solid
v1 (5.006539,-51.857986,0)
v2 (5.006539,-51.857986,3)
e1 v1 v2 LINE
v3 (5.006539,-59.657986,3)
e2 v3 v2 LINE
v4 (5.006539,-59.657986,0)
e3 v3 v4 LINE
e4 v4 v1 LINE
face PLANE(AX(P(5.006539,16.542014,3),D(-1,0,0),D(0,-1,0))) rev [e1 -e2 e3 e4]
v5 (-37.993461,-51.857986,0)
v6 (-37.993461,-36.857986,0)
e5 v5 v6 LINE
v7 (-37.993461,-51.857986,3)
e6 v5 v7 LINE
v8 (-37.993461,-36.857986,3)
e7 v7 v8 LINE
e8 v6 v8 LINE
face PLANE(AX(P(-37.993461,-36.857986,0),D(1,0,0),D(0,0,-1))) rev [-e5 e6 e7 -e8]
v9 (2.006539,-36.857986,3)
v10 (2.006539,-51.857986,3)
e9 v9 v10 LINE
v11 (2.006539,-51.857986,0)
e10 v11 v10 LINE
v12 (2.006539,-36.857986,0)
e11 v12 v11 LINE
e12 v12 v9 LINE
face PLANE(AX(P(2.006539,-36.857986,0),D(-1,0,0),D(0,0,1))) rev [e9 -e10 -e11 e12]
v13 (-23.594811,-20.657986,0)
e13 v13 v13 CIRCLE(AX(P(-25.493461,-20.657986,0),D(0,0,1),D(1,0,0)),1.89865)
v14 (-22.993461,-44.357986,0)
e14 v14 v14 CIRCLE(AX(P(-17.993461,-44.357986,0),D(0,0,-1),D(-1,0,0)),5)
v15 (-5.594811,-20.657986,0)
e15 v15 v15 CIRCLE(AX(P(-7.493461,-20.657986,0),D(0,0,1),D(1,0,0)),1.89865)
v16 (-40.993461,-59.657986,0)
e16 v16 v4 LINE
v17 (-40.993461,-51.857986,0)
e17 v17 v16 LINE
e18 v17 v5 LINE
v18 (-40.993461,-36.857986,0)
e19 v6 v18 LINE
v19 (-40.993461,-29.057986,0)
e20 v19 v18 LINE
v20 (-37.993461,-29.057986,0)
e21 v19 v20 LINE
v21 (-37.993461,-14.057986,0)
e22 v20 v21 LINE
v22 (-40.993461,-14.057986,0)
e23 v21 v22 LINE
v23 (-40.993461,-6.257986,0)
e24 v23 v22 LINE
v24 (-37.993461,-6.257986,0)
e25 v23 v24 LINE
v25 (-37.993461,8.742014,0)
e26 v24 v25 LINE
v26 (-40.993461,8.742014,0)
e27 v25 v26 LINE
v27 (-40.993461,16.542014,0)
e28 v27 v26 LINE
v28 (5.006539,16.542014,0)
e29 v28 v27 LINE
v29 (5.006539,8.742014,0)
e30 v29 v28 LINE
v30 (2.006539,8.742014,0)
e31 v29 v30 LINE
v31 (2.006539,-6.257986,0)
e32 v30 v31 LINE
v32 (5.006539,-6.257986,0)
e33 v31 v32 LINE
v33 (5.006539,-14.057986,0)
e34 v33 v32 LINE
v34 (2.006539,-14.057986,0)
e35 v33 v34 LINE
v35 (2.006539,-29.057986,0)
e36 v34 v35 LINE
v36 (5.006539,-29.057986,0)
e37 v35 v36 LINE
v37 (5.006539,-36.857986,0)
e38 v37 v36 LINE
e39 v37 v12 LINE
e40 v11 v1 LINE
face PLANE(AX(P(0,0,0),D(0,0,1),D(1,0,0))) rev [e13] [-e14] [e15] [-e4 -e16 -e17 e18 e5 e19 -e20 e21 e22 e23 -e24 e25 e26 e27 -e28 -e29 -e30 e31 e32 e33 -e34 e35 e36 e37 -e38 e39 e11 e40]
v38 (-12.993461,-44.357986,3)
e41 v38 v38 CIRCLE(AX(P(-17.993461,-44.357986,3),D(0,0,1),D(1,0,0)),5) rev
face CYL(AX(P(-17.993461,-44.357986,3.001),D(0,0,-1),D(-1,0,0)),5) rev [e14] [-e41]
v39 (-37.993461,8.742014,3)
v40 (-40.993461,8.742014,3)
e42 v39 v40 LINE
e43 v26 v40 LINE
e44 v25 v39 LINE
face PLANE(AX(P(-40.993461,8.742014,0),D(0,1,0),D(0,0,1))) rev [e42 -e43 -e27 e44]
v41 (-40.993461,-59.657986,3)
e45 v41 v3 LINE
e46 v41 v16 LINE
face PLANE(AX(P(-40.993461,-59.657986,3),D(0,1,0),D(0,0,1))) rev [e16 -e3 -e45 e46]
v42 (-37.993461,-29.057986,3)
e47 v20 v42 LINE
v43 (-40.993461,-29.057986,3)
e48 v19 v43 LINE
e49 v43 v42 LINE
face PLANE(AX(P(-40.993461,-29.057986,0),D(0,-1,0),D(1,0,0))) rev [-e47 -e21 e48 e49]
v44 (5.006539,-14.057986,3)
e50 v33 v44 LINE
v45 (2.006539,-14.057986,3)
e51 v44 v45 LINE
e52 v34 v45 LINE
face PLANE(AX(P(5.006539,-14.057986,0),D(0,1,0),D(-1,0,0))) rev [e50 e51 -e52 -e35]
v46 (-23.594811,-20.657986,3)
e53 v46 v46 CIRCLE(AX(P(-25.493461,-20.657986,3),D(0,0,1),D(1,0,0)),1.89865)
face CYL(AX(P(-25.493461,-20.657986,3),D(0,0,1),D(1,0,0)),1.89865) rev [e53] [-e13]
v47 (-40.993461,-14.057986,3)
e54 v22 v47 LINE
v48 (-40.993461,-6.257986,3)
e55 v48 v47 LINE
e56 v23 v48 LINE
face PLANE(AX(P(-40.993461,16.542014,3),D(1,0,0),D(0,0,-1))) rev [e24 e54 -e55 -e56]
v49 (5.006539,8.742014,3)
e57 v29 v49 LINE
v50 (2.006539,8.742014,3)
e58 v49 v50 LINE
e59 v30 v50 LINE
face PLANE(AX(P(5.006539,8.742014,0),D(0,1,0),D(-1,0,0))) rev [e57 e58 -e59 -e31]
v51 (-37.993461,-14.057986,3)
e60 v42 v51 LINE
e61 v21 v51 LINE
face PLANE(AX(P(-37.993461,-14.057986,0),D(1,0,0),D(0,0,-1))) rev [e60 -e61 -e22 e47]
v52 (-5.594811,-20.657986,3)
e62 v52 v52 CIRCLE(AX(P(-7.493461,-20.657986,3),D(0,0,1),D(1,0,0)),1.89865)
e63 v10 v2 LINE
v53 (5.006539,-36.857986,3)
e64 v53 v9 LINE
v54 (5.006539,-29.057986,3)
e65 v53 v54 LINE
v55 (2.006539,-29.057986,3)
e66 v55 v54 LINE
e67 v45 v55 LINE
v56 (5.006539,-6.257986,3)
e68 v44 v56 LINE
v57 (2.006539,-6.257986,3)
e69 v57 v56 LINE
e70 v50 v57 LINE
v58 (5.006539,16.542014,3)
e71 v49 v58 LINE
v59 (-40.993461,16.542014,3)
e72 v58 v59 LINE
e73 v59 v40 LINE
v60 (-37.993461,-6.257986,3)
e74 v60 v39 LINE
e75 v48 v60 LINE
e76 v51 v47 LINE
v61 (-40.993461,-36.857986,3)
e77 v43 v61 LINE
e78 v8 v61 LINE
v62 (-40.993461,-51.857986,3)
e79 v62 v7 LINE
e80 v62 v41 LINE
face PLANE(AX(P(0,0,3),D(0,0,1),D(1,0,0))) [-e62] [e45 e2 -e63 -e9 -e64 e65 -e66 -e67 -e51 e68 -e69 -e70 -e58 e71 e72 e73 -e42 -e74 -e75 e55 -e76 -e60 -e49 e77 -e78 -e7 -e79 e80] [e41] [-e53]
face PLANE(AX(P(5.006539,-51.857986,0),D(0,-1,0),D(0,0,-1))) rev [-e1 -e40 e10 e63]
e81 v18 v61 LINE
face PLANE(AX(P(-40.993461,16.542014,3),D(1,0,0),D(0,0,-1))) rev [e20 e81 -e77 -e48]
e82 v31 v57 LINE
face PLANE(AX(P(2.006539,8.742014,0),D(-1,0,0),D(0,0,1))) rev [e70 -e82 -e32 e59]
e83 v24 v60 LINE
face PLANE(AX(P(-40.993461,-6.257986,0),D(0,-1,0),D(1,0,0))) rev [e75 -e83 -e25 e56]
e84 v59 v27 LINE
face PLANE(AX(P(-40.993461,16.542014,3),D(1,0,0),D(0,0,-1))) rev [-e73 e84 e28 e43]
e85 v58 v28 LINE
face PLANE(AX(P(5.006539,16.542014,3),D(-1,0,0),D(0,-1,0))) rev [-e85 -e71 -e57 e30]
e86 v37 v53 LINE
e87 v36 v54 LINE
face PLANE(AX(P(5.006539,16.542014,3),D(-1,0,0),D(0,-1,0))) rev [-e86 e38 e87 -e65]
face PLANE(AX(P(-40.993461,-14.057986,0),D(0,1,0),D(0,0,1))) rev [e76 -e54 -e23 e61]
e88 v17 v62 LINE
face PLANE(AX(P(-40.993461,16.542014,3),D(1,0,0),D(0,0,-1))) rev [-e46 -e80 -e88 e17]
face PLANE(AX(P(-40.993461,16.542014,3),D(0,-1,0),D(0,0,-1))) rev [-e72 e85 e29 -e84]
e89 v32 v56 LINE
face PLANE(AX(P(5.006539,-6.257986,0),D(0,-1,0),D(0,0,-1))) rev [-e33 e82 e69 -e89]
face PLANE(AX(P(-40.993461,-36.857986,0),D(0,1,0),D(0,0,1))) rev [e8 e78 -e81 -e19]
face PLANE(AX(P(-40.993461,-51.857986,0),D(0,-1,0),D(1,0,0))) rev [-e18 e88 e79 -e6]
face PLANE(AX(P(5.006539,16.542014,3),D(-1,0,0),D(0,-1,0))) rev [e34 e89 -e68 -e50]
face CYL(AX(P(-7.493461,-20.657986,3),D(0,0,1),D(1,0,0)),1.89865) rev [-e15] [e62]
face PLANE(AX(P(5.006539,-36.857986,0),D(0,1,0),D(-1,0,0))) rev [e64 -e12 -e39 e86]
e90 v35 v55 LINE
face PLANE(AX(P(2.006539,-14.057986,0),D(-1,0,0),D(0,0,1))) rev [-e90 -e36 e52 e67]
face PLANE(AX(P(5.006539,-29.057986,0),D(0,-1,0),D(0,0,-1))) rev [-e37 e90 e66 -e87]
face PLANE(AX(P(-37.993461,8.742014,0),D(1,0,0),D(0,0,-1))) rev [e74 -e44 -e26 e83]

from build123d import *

# Parameters (mm, degrees)
SKETCH1_W             = 46
SKETCH1_H             = 76.2
BOSS_EXTRUDE1_DEPTH   = 3
SKETCH2_W             = 3
SKETCH2_H             = 15
CUT_EXTRUDE1_DEPTH    = 73.446802019
LPATTERN1_COUNT       = 3
LPATTERN1_PITCH       = 22.8
F_6_CLEARANCE_HOLE1_D = 3.7973
CUT_EXTRUDE2_REACH    = 74.447
SKETCH5_R             = 5


with BuildPart() as part:
    # Sketch1 → Boss-Extrude1 (new body)
    with BuildSketch(Plane.XY):
        with Locations((-17.993460648, -21.557986111)):
            Rectangle(SKETCH1_W, SKETCH1_H)
    extrude(amount=BOSS_EXTRUDE1_DEPTH)

    # Sketch2 → Cut-Extrude1 (cut, through all)
    with BuildSketch(Plane.XY.offset(3)):
        with Locations((-39.493460648, 1.242013889)):
            Rectangle(SKETCH2_W, SKETCH2_H)
        with Locations((3.506539352, 1.242013889)):
            Rectangle(SKETCH2_W, SKETCH2_H)
    cut_extrude1 = extrude(amount=-CUT_EXTRUDE1_DEPTH, mode=Mode.SUBTRACT)

    # LPattern1: Cut-Extrude1 ×3
    with Locations(*[(0, -i * LPATTERN1_PITCH, 0) for i in range(1, LPATTERN1_COUNT)]):
        add(cut_extrude1, mode=Mode.SUBTRACT)

    # #6 Clearance Hole1 (through all)
    with Locations(Plane.XY.offset(3)):
        with Locations((-25.493460648, -20.657986111), (-7.493460648, -20.657986111)):
            Hole(F_6_CLEARANCE_HOLE1_D / 2)

    # Sketch5 → Cut-Extrude2 (cut, up to next)
    with BuildSketch(Plane(origin=(0, 0, 0), x_dir=(-1, 0, 0), z_dir=(0, 0, -1)), mode=Mode.PRIVATE) as cut_extrude2_sk1:
        with Locations((17.993460648, -44.357986111)):
            Circle(SKETCH5_R)
    cut_extrude2_tool1 = extrude(cut_extrude2_sk1.sketch, amount=-CUT_EXTRUDE2_REACH, mode=Mode.PRIVATE) & part.part
    add(cut_extrude2_tool1.solids().sort_by_distance((-17.993461, -44.357986, 0))[0], mode=Mode.SUBTRACT)


solid = part.part
